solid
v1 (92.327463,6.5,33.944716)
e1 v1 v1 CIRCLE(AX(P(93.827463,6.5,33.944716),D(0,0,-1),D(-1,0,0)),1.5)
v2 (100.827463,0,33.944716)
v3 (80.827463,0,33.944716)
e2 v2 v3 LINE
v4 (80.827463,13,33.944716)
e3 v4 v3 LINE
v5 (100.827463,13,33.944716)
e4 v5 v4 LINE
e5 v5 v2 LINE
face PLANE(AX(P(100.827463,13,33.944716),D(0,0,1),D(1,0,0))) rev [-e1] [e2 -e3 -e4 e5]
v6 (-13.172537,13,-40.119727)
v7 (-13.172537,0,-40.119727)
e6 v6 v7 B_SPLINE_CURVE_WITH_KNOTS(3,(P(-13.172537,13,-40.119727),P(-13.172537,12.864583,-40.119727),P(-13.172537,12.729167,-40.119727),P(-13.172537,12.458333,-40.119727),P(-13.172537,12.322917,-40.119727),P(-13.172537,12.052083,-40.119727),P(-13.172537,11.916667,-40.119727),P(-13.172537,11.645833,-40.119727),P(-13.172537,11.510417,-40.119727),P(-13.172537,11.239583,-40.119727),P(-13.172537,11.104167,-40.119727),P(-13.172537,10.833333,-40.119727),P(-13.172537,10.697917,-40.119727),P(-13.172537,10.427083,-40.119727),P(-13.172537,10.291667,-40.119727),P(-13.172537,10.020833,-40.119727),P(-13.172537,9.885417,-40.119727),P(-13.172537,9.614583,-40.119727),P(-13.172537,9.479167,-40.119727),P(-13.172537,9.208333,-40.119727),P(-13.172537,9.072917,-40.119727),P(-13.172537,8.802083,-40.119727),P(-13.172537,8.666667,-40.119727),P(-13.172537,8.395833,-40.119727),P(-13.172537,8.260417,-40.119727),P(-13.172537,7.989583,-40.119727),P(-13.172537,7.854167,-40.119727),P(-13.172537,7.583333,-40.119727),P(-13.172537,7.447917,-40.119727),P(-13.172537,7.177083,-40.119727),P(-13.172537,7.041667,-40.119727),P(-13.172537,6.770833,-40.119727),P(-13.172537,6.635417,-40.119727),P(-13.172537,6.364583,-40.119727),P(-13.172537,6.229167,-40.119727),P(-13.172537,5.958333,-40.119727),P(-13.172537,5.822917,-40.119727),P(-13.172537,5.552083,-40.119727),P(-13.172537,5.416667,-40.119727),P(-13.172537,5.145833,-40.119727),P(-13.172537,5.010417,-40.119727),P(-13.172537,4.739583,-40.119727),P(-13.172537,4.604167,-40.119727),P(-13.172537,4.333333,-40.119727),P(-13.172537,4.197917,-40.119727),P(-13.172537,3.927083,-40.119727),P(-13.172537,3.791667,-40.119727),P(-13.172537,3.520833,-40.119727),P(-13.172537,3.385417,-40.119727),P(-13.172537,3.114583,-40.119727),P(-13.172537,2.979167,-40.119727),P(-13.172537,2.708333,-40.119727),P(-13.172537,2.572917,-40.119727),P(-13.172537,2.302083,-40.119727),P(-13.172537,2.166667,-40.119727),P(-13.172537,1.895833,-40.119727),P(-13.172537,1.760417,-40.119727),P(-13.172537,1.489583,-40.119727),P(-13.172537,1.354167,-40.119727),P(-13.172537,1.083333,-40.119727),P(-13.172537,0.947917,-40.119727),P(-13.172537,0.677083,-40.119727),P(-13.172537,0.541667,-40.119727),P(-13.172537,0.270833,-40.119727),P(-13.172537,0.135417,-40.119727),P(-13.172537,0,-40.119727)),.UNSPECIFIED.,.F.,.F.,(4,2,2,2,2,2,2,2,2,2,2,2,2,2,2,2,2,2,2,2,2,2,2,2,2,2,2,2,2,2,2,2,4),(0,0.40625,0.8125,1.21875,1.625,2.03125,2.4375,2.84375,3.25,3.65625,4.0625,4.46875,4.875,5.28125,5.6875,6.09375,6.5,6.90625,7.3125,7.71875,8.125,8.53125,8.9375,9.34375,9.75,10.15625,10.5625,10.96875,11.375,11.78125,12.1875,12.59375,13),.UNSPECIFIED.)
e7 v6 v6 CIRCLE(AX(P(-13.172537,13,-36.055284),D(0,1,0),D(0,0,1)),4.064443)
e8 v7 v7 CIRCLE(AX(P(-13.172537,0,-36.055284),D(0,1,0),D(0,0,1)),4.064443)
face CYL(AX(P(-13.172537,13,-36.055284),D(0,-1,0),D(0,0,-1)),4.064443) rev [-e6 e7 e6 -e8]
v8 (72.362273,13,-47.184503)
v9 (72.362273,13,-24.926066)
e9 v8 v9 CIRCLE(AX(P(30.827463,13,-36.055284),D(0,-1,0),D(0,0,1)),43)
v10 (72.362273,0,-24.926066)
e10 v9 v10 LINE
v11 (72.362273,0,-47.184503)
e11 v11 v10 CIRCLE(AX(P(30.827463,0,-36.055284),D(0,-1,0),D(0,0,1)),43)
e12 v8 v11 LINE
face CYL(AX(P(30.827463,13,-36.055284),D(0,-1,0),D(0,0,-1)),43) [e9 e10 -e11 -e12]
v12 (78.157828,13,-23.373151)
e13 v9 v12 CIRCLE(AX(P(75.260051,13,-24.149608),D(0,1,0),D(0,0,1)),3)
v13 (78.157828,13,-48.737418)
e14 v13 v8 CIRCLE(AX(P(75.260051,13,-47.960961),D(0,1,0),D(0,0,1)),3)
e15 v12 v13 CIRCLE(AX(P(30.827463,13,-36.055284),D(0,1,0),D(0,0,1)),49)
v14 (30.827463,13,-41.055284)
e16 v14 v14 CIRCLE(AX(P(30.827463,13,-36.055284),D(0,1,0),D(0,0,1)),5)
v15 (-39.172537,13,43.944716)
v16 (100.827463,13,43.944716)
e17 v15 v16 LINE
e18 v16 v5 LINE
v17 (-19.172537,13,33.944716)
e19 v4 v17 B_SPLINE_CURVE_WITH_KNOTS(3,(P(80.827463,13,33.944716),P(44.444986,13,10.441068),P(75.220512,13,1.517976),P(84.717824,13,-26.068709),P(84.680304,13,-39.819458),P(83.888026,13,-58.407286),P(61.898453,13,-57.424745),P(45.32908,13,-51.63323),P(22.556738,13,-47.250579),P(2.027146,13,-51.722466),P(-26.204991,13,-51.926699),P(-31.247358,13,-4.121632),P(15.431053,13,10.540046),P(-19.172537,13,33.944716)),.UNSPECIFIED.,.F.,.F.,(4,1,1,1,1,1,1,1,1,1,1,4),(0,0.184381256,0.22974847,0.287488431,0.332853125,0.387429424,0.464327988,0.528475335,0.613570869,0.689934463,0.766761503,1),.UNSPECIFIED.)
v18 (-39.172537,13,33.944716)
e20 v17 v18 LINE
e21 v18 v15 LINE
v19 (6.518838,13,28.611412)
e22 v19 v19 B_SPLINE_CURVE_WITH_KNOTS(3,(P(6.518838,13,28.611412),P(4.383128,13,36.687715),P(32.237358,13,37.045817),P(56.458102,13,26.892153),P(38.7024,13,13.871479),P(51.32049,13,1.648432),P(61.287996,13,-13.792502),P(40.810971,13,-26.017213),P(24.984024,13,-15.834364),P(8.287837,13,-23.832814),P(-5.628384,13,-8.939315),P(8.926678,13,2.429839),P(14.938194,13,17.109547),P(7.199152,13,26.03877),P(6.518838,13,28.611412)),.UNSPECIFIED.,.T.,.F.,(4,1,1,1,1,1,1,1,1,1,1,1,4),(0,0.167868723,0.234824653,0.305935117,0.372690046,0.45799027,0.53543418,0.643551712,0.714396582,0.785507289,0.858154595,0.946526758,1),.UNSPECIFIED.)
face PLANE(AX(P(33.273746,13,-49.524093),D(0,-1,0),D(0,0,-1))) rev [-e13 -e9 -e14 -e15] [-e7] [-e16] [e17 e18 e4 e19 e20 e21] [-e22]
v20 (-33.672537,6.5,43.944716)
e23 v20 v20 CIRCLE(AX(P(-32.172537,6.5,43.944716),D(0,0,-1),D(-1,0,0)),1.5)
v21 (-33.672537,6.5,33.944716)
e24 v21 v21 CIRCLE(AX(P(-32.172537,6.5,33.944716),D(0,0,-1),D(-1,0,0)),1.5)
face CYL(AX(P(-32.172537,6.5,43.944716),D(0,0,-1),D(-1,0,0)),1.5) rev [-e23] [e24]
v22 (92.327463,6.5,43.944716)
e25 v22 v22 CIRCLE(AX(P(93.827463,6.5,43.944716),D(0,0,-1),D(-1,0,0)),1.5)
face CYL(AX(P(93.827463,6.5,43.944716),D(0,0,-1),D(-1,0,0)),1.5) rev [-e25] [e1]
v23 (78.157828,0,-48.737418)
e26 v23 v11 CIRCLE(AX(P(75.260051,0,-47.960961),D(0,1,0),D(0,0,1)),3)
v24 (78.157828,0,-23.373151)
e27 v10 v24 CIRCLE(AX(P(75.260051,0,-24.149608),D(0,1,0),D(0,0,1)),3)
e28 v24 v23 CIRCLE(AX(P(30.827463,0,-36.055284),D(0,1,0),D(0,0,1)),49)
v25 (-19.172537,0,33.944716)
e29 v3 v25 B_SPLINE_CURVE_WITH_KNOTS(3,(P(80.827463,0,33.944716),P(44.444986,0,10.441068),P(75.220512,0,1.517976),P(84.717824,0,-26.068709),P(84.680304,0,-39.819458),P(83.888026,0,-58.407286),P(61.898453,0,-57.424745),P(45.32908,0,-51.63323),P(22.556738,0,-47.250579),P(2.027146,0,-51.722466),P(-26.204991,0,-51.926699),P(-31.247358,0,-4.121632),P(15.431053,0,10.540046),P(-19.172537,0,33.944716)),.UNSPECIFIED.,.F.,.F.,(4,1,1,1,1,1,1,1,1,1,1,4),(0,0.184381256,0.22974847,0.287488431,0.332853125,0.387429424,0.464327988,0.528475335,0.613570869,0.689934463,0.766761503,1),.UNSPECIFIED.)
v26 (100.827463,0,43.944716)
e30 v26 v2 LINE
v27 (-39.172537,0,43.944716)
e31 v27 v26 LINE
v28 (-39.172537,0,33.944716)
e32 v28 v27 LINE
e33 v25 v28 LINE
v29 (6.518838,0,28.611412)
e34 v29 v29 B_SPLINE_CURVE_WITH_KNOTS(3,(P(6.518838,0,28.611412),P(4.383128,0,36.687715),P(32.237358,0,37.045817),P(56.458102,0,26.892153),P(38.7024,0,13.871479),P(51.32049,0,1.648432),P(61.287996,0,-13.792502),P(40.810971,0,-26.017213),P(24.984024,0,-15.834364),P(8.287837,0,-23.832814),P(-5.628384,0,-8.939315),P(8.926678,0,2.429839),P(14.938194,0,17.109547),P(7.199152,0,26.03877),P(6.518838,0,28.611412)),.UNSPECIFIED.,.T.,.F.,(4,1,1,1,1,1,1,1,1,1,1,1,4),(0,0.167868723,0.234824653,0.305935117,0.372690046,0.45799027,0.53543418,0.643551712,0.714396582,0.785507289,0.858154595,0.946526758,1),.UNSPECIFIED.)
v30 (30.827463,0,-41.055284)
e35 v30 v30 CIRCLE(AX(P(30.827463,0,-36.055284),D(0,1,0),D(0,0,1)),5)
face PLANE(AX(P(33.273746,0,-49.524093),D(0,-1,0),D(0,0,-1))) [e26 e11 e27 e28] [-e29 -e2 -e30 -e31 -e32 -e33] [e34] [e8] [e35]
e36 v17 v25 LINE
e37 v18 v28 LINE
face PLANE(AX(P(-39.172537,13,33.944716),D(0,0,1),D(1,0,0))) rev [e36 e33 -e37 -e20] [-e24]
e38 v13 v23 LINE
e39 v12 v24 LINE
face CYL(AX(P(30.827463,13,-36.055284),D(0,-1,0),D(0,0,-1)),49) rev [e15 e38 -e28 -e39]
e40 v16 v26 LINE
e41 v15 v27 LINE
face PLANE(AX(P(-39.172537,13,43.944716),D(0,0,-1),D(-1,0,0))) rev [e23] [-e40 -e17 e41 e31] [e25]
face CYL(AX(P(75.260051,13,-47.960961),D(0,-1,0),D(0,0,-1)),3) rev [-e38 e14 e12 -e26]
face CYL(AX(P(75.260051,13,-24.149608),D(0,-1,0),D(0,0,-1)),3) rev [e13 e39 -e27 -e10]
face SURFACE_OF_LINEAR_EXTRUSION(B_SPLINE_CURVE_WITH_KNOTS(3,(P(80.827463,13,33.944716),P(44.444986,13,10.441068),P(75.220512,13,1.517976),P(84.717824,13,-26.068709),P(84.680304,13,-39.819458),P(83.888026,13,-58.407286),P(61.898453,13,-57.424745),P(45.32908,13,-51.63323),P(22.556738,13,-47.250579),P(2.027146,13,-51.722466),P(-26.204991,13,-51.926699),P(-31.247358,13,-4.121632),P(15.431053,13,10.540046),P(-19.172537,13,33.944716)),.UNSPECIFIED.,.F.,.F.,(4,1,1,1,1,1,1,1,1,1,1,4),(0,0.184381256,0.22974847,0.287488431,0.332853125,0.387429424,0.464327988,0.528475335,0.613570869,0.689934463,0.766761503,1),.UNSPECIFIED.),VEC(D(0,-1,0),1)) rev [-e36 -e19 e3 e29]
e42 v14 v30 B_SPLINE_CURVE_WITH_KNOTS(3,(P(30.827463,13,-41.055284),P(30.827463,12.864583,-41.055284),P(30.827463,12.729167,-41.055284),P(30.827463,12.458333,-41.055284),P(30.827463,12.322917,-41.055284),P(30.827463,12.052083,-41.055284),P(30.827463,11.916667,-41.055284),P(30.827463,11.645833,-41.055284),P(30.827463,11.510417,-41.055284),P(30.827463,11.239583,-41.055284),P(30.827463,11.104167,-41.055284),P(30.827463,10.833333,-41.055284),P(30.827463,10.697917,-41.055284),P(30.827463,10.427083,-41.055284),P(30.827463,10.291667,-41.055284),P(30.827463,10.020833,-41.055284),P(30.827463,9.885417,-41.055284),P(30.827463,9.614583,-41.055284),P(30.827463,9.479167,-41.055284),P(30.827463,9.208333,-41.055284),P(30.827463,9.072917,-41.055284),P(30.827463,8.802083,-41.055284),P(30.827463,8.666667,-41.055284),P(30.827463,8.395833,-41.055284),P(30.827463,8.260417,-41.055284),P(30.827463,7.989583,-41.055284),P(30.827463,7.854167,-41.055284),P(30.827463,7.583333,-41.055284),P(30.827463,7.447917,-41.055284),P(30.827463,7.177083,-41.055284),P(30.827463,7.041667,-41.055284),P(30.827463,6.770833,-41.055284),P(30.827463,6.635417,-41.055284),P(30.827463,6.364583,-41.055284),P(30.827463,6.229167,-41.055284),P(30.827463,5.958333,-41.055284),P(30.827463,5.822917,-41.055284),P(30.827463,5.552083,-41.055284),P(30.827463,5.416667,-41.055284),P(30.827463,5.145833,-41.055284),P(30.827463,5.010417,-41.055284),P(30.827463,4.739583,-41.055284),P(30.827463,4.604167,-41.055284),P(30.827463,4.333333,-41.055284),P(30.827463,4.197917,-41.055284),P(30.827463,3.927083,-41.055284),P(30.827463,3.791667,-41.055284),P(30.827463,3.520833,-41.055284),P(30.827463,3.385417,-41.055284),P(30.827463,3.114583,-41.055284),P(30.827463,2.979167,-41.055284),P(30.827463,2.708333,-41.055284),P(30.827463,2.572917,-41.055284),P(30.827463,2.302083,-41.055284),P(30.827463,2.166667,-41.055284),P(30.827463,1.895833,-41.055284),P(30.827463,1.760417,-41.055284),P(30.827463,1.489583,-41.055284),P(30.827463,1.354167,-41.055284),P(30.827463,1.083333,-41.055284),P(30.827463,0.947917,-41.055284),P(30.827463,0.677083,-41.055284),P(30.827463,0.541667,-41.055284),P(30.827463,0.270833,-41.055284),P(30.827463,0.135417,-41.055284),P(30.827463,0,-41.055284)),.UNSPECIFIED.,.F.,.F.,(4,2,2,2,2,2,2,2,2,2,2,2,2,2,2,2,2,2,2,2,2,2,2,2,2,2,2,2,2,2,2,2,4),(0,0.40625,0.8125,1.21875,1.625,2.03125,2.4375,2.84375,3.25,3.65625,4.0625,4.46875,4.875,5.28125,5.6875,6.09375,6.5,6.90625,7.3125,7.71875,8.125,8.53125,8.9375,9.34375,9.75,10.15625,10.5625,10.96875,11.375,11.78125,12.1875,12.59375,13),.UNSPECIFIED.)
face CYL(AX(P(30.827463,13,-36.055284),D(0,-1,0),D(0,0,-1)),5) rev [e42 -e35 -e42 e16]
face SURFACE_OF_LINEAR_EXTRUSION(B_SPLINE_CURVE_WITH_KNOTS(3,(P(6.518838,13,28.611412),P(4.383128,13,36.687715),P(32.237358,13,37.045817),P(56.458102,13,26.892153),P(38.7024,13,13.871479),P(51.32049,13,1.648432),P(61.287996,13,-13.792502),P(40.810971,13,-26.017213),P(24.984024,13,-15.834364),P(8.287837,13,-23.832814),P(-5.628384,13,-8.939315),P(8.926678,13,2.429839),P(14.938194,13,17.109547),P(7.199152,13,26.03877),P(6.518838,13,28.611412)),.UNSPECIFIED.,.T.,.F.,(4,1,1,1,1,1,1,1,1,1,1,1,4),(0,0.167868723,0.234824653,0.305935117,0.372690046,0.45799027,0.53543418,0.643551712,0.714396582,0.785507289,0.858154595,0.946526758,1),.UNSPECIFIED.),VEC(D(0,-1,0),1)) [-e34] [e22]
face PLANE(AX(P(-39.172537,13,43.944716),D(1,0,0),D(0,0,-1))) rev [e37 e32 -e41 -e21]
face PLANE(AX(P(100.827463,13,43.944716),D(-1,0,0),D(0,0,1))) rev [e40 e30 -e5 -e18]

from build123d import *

# Parameters (mm, degrees)
SKETCH_1_R          = 5
SKETCH_1_R_2        = 4.064442724
EXTRUDE_1_DEPTH     = 13
SKETCH_2_R          = 1.5
CUT_EXTRUDE_1_DEPTH = 137.780182209


with BuildPart() as part:
    # Эскиз1 → Бобышка-Вытянуть1 (new body)
    with BuildSketch(Plane(origin=(0, 0, 0), x_dir=(1, 0, 0), z_dir=(0, 1, 0))):
        with BuildLine():
            Line((-39.172537319, -43.944715555), (100.827462681, -43.944715555))
            Line((100.827462681, -43.944715555), (100.827462681, -33.944715555))
            Line((100.827462681, -33.944715555), (80.827462681, -33.944715555))
            add(Edge.make_bspline(
                [(-19.172537319, -33.944715555), (15.431052623, -10.540045689), (-31.247357789, 4.121631603), (-26.204990769, 51.926699145), (2.027145984, 51.722466482), (22.556738039, 47.250579483), (45.329079993, 51.633229941), (61.898452862, 57.424745052), (83.888025827, 58.40728552), (84.680304188, 39.819458189), (84.717824209, 26.068709047), (75.220512051, -1.517975589), (44.444985829, -10.441068178), (80.827462681, -33.944715555)],
                knots=[0, 0, 0, 0, 0.233238497, 0.310065537, 0.386429131, 0.471524665, 0.535672012, 0.612570576, 0.667146875, 0.712511569, 0.77025153, 0.815618744, 1, 1, 1, 1], degree=3))
            Line((-19.172537319, -33.944715555), (-39.172537319, -33.944715555))
            Line((-39.172537319, -33.944715555), (-39.172537319, -43.944715555))
        make_face()
        with Locations(Location((30.827462681, 36.055284445, 0), (0, 0, 90))):
            Circle(SKETCH_1_R, mode=Mode.SUBTRACT)
        with Locations(Location((-13.172537319, 36.055284445, 0), (0, 0, 90))):
            Circle(SKETCH_1_R_2, mode=Mode.SUBTRACT)
        with BuildLine():
            add(Edge.make_bspline(
                [(6.518838364, -28.61141188), (7.199151809, -26.038769824), (14.938194381, -17.109547271), (8.926678395, -2.4298395), (-5.628384386, 8.939314794), (8.287836876, 23.832813655), (24.984024358, 15.834363618), (40.810971074, 26.017213268), (61.287995774, 13.792502195), (51.320489704, -1.648432213), (38.702399688, -13.871478692), (56.458102471, -26.892153214), (32.23735813, -37.045816623), (4.383128146, -36.687715476), (6.518838364, -28.61141188)],
                knots=[0, 0, 0, 0, 0.053473242, 0.141845405, 0.214492711, 0.285603418, 0.356448288, 0.46456582, 0.54200973, 0.627309954, 0.694064883, 0.765175347, 0.832131277, 1, 1, 1, 1], degree=3))
        make_face(mode=Mode.SUBTRACT)
        with BuildLine():
            ThreePointArc((72.362273212, 24.926065505), (73.827462681, 36.055284445), (72.362273212, 47.184503384))
            ThreePointArc((72.362273212, 47.184503384), (74.483593555, 50.858737998), (78.157828169, 48.737417655))
            ThreePointArc((78.157828169, 48.737417655), (79.827462681, 36.055284445), (78.157828169, 23.373151235))
            ThreePointArc((78.157828169, 23.373151235), (74.483593555, 21.251830891), (72.362273212, 24.926065505))
        make_face(mode=Mode.SUBTRACT)
    extrude(amount=EXTRUDE_1_DEPTH)

    # Эскиз2 → Вырез-Вытянуть1 (cut, through all)
    with BuildSketch(Plane(origin=(0, 0, 33.944715555), x_dir=(-1, 0, 0), z_dir=(0, 0, -1))):
        with Locations((-93.827462681, 6.5)):
            Circle(SKETCH_2_R)
        with Locations((32.172537319, 6.5)):
            Circle(SKETCH_2_R)
    extrude(amount=-CUT_EXTRUDE_1_DEPTH, mode=Mode.SUBTRACT)


solid = part.part
